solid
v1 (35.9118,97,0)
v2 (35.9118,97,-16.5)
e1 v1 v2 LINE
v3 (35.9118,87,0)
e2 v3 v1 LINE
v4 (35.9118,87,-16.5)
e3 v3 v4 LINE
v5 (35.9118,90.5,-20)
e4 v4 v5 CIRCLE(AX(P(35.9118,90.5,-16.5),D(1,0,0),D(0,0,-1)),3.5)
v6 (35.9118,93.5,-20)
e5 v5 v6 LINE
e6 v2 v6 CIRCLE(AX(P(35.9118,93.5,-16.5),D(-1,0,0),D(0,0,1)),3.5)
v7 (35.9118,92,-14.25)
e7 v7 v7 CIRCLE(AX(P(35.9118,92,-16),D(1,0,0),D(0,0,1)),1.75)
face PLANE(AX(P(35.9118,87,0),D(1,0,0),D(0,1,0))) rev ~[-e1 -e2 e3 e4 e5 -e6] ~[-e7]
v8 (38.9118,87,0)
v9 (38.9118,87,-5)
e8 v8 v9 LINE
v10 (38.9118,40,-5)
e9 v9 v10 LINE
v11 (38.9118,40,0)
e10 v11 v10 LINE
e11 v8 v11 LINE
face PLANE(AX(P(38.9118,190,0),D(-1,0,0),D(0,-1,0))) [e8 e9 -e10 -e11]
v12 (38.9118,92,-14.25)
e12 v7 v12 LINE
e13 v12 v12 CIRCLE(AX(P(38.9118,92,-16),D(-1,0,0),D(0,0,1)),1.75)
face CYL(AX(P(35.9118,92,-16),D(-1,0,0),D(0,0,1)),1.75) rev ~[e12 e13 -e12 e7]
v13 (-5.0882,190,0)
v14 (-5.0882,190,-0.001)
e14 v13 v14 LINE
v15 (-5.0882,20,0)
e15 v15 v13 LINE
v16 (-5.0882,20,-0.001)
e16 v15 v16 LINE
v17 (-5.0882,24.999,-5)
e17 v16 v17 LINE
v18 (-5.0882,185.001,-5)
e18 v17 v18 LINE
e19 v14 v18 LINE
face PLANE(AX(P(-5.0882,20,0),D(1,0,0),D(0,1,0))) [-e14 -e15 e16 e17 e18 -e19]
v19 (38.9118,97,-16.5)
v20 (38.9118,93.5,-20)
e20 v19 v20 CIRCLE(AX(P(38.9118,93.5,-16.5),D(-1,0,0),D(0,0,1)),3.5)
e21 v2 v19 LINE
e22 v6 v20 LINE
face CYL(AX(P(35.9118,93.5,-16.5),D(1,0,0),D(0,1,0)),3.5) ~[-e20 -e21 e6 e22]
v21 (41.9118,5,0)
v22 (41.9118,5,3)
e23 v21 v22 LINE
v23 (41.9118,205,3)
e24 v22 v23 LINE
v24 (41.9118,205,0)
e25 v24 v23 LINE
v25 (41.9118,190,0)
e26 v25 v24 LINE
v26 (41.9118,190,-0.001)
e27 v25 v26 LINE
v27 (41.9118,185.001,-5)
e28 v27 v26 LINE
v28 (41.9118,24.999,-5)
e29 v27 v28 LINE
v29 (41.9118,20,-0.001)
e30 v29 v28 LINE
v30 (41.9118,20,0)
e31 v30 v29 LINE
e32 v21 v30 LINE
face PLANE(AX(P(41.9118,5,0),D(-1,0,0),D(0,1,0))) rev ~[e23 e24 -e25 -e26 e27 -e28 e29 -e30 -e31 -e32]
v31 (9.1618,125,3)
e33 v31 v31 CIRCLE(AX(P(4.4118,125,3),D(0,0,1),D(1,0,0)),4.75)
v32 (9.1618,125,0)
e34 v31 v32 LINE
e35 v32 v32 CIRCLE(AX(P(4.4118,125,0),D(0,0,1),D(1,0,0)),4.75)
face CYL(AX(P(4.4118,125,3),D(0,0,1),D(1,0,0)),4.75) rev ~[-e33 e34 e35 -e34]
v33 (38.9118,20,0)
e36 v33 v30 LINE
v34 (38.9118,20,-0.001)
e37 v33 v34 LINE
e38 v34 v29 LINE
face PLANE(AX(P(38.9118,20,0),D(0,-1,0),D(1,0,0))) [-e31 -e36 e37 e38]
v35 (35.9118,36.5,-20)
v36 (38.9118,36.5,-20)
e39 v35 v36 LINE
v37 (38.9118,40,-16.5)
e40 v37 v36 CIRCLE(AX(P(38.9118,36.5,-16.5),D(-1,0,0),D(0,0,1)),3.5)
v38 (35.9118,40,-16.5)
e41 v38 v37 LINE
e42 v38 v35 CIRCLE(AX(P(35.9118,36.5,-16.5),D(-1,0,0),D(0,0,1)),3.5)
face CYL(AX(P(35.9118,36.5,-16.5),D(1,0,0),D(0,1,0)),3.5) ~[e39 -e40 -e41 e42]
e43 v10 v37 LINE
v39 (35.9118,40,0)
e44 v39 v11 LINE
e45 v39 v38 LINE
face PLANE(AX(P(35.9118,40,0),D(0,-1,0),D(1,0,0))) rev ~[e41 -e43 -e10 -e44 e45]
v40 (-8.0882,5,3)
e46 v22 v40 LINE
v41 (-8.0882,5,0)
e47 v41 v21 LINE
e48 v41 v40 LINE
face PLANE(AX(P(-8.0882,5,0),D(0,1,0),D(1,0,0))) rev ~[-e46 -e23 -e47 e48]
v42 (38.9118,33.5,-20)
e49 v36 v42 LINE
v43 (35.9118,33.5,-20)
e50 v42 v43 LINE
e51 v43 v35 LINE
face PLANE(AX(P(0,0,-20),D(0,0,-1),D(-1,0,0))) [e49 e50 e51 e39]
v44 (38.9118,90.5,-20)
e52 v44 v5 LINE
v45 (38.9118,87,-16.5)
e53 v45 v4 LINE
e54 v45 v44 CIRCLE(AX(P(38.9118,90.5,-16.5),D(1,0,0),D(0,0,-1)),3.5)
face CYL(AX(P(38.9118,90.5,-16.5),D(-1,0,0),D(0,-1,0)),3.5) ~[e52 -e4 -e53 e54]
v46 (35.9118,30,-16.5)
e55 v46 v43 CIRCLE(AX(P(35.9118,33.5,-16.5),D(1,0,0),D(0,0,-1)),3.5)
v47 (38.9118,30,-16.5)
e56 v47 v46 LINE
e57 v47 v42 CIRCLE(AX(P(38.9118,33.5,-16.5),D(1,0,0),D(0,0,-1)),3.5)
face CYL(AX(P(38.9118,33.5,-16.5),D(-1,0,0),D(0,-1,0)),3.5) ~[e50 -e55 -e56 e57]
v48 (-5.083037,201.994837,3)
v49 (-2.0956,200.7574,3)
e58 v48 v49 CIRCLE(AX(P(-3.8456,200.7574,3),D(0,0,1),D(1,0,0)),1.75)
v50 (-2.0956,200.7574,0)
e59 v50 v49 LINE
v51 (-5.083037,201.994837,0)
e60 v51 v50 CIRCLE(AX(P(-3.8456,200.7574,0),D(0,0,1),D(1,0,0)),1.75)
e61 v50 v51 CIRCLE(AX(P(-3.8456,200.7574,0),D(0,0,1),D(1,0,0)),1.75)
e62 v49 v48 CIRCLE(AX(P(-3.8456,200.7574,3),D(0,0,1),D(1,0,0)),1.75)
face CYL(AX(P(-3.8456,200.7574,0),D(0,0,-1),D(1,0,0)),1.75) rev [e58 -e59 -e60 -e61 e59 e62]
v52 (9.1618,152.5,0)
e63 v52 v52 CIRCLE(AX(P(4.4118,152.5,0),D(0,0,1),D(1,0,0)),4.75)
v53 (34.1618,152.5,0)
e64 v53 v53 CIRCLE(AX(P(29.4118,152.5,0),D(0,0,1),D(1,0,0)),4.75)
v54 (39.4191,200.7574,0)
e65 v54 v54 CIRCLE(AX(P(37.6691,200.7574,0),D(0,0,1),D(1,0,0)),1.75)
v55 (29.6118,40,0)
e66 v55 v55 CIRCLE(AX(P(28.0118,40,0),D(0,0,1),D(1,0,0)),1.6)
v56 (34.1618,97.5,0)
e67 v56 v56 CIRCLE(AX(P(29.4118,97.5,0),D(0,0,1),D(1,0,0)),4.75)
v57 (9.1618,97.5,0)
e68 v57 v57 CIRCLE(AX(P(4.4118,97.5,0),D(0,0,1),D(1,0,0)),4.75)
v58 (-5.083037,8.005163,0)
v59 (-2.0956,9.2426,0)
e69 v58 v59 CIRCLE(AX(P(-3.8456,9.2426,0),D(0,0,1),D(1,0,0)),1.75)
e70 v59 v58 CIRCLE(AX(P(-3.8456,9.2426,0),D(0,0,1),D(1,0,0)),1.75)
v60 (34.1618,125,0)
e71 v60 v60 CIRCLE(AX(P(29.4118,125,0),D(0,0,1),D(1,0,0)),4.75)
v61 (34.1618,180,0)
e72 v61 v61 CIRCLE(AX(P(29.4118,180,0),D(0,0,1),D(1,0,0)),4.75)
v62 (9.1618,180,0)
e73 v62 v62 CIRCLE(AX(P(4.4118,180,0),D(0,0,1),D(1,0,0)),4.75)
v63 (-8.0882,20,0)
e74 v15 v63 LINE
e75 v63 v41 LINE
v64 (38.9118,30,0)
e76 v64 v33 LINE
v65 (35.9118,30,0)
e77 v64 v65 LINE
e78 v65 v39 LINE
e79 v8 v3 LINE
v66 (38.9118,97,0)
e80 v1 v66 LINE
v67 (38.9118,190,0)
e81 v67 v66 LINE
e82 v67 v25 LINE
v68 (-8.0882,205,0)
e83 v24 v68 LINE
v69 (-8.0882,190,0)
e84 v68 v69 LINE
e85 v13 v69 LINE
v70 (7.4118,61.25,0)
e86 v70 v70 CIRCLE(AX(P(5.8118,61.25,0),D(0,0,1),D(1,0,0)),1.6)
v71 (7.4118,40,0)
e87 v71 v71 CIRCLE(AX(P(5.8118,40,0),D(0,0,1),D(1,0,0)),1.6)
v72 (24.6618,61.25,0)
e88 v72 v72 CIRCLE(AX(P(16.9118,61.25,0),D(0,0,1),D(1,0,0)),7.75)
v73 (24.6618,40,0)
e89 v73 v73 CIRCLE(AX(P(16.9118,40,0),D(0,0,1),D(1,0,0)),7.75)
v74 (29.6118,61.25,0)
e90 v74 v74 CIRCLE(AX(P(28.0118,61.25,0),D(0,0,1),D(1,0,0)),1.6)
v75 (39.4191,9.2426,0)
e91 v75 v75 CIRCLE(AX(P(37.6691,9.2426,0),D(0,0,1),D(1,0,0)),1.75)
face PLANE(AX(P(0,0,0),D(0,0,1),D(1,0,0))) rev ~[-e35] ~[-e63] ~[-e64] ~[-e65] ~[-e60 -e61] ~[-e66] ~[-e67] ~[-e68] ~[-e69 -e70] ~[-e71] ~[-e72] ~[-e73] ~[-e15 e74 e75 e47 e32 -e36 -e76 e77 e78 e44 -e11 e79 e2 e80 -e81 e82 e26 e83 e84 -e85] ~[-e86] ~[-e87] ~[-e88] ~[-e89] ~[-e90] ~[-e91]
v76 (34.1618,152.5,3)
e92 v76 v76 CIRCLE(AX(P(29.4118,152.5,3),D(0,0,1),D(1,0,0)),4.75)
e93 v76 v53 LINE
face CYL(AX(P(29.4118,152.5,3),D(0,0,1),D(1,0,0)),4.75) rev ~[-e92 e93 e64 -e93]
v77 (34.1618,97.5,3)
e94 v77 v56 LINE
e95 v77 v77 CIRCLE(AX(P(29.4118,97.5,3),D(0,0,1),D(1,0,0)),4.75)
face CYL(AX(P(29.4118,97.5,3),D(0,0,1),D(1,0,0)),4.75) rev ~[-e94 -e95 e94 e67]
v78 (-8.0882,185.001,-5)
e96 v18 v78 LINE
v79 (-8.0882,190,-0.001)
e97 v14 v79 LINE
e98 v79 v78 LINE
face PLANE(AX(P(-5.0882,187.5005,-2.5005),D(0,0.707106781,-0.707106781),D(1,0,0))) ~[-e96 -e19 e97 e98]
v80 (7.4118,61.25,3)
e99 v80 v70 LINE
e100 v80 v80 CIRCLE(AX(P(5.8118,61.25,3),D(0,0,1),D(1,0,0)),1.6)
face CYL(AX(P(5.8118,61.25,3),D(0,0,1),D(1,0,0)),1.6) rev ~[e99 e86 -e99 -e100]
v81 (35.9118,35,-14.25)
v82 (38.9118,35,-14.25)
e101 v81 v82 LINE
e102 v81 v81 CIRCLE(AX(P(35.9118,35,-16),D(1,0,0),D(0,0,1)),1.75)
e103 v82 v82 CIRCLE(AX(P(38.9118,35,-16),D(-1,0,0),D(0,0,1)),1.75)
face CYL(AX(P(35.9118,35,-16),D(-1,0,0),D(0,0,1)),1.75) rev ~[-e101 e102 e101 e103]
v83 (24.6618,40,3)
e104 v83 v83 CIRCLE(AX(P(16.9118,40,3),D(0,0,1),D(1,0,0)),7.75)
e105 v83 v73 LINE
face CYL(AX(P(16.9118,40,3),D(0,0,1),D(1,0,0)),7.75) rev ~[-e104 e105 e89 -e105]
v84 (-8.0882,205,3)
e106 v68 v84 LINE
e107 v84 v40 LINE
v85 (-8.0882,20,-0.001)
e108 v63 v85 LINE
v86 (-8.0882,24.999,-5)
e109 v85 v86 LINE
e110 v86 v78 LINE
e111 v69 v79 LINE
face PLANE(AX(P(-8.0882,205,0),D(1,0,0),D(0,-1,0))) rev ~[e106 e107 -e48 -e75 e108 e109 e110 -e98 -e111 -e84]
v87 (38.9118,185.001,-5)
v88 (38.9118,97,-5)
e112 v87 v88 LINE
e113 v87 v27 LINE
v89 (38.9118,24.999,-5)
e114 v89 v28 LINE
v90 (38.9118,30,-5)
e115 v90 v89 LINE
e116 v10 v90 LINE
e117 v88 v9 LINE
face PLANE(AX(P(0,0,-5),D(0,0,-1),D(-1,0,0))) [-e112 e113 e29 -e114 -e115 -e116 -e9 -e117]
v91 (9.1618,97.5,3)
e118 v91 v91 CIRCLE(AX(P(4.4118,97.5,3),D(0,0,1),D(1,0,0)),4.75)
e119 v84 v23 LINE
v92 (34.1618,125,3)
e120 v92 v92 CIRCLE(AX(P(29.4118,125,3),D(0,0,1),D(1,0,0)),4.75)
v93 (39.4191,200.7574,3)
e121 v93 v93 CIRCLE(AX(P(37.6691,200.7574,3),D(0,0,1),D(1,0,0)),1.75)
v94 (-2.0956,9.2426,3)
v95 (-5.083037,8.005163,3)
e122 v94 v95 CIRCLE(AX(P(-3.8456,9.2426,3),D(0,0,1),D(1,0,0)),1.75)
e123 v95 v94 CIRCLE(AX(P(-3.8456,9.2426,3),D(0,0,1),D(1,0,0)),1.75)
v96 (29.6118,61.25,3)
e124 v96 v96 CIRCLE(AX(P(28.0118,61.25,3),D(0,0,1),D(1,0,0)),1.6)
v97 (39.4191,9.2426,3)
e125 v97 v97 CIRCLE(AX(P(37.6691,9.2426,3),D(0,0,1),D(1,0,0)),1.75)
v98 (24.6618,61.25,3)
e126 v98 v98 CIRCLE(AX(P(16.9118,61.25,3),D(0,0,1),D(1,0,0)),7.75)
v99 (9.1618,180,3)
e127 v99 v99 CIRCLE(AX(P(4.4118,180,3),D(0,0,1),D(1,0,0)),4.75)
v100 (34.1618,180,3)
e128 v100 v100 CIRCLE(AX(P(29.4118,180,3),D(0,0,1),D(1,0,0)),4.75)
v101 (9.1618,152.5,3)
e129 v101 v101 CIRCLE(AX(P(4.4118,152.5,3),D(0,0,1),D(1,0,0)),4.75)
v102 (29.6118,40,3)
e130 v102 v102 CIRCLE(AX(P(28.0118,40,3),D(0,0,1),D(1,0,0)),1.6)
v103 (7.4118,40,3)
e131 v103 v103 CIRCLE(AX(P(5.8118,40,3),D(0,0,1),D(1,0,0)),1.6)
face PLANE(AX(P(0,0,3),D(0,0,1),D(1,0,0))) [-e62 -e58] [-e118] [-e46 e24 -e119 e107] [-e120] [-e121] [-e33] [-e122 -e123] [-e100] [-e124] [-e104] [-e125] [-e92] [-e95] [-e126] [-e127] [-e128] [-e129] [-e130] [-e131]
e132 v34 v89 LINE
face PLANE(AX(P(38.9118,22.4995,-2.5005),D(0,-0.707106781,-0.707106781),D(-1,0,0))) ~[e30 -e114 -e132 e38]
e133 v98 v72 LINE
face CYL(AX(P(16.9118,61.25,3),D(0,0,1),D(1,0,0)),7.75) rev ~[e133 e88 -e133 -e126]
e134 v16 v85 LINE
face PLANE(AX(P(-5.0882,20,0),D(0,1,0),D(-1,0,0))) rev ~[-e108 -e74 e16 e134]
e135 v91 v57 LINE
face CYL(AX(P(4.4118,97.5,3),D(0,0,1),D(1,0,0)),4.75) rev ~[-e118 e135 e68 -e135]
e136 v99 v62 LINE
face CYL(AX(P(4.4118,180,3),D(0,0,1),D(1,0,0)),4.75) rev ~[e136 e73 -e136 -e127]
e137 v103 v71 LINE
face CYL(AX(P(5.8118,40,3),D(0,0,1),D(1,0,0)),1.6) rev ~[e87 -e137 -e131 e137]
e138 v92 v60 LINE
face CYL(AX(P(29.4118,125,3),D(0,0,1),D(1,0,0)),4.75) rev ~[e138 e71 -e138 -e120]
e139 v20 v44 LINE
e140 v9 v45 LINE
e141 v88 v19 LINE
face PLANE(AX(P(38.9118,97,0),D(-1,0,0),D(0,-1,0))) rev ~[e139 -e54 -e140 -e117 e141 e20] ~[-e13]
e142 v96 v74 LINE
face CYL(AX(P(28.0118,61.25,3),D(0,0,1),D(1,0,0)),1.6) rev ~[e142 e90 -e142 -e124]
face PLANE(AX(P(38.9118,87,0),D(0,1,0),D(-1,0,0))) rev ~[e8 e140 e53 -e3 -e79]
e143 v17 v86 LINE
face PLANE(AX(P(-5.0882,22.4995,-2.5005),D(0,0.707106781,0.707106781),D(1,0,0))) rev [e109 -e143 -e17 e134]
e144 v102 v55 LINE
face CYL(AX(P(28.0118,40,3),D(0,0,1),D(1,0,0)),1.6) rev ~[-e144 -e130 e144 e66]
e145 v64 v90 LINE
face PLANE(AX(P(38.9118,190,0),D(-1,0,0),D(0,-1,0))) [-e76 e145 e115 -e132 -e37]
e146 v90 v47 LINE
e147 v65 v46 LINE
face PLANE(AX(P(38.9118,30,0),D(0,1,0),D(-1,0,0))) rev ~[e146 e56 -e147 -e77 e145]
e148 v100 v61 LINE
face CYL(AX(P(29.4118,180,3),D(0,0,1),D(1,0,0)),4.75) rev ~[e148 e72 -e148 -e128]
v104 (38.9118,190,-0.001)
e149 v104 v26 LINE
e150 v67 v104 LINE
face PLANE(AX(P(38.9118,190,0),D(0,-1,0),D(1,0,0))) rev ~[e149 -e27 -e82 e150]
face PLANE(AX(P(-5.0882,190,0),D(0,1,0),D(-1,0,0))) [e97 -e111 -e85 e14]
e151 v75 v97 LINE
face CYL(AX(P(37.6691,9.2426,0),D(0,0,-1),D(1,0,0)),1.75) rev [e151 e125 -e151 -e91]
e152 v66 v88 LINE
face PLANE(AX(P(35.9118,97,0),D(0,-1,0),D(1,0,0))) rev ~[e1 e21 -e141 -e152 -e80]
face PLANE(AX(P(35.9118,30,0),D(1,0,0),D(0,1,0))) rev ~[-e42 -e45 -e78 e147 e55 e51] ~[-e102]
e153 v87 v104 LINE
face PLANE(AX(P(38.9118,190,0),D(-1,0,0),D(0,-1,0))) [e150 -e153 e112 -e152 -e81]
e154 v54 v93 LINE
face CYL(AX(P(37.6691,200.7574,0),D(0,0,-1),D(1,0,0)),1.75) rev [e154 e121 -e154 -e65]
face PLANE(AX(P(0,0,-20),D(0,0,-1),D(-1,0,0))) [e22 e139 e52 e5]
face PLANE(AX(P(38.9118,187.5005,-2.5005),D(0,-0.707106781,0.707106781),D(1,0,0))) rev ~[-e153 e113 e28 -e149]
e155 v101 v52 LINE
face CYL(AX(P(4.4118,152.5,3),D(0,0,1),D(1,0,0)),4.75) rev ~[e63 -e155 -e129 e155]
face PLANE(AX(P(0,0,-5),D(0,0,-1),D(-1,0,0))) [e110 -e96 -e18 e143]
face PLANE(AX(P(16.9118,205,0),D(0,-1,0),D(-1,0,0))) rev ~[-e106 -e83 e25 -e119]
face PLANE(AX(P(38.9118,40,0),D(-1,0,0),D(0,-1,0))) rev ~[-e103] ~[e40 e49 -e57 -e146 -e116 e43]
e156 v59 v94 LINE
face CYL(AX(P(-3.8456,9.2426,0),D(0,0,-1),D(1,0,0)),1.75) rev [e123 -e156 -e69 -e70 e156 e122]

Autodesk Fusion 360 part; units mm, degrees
sketch "Sketch1" plane through (0, 0, 0) normal (0, 0, 1) x (1, 0, 0)
  line L0 (-8.0882, 5) -> (41.9118, 5)
  line L1 (41.9118, 5) -> (41.9118, 205)
  line L2 (41.9118, 205) -> (-8.0882, 205)
  line L3 (-8.0882, 205) -> (-8.0882, 5)
  line L4 (-8.0882, 205) -> (-3.8456, 200.7574)
  line L5 (-8.0882, 205) -> (6, 205) construction
  line L6 (-8.0882, 5) -> (-3.8456, 9.2426)
  line L7 (-8.0882, 5) -> (6, 5) construction
  line L8 (16.9118, 205) -> (16.9118, 5)
  circle A0 centre (-3.8456, 200.7574) radius 1.75
  circle A1 centre (-3.8456, 9.2426) radius 1.75
  circle A2 centre (37.6691, 200.7574) radius 1.75
  circle A3 centre (37.6691, 9.2426) radius 1.75
  dimension "d1" = 200
  dimension "d2" = 50
  dimension "d3" = 6
  dimension "d4" = 45
  dimension "d5" = 45
  dimension "d6" = 6
  dimension "d7" = 3.5
  dimension "d8" = 3.5
extrude "Extrude1" add sketch "Sketch1" along normal blind 3
sketch "Sketch2" plane through (0, 0, 3) normal (0, 0, 1) x (1, 0, 0)
  circle A0 centre (-3.8456, 200.7574) radius 1.75
  circle A1 centre (37.6691, 9.2426) radius 1.75
  circle A2 centre (-3.8456, 9.2426) radius 1.75
  circle A3 centre (37.6691, 200.7574) radius 1.75
  line L0 (-8.0882, 205) -> (-8.0882, 5)
  line L1 (-8.0882, 5) -> (41.9118, 5)
  line L2 (41.9118, 5) -> (41.9118, 205)
  line L3 (41.9118, 205) -> (-8.0882, 205)
  line L4 (41.9118, 5) -> (29.4118, 5)
  line L5 (29.4118, 205) -> (41.9118, 205)
  line L6 (41.9118, 205) -> (41.9118, 5)
  line L7 (-8.0882, 5) -> (4.4118, 5)
  line L8 (4.4118, 205) -> (-8.0882, 205)
  line L9 (-8.0882, 205) -> (-8.0882, 5)
  line L10 (-8.0882, 205) -> (-8.0882, 180)
  line L11 (-8.0882, 5) -> (-8.0882, 30)
  circle A4 centre (4.4118, 180) radius 4.75
  circle A5 centre (4.4118, 152.5) radius 4.75
  circle A6 centre (4.4118, 125) radius 4.75
  circle A7 centre (4.4118, 97.5) radius 4.75
  circle A8 centre (29.4118, 152.5) radius 4.75
  circle A9 centre (29.4118, 125) radius 4.75
  circle A10 centre (29.4118, 180) radius 4.75
  circle A11 centre (29.4118, 97.5) radius 4.75
  circle A12 centre (16.9118, 61.25) radius 7.75
  circle A13 centre (5.8118, 61.25) radius 1.6
  circle A14 centre (28.0118, 61.25) radius 1.6
  line L12 (16.9118, 50.625) -> (-8.0882, 50.625)
  line L13 (-8.0882, 50.625) -> (41.9118, 50.625)
  circle A15 centre (16.9118, 40) radius 7.75
  circle A16 centre (28.0118, 40) radius 1.6
  circle A17 centre (5.8118, 40) radius 1.6
  point P0 (28.0118, 40)
  point P1 (5.8118, 40)
  dimension "d11" = 12.5
  dimension "d12" = 200
  dimension "d13" = 12.5
  dimension "d14" = 200
  dimension "d15" = 9.5
  dimension "d17" = 27.5
  dimension "d18" = 9.5
  dimension "d19" = 27.5
  dimension "d20" = 9.5
  dimension "d21" = 27.5
  dimension "d22" = 9.5
  dimension "d23" = 92.5
  dimension "d25" = 15.5
  dimension "d26" = 11.1
  dimension "d27" = 3.2
extrude "Extrude2" cut sketch "Sketch2" against normal blind 3 contours A4 | A5 | A6 | A7 | A8 | A9 | A10 | A11 | A12 | A13 | A14
sketch "Sketch3" plane through (0, 0, 0) normal (0, 0, -1) x (-1, 0, 0)
  circle A0 centre (-4.4118, 152.5) radius 4.75
  circle A1 centre (-29.4118, 97.5) radius 4.75
  circle A2 centre (-16.9118, 61.25) radius 7.75
  circle A3 centre (-4.4118, 97.5) radius 4.75
  circle A4 centre (-29.4118, 152.5) radius 4.75
  circle A5 centre (-4.4118, 180) radius 4.75
  circle A6 centre (-29.4118, 125) radius 4.75
  circle A7 centre (-28.0118, 61.25) radius 1.6
  circle A8 centre (-5.8118, 61.25) radius 1.6
  circle A9 centre (-4.4118, 125) radius 4.75
  circle A10 centre (-29.4118, 180) radius 4.75
  circle A11 centre (3.8456, 200.7574) radius 1.75
  circle A12 centre (-37.6691, 9.2426) radius 1.75
  circle A13 centre (3.8456, 9.2426) radius 1.75
  circle A14 centre (-37.6691, 200.7574) radius 1.75
  line L0 (8.0882, 5) -> (8.0882, 205)
  line L1 (8.0882, 205) -> (-41.9118, 205)
  line L2 (-41.9118, 205) -> (-41.9118, 5)
  line L3 (-41.9118, 5) -> (8.0882, 5)
  line L4 (-41.9118, 205) -> (-38.9118, 205)
  line L5 (-38.9118, 205) -> (-38.9118, 190)
  line L6 (-38.9118, 190) -> (-41.9118, 190)
  line L7 (-41.9118, 190) -> (-41.9118, 205)
  line L8 (-16.9118, 205) -> (-16.9118, 5)
  line L9 (8.0882, 205) -> (5.0882, 205)
  line L10 (5.0882, 205) -> (5.0882, 190)
  line L11 (5.0882, 190) -> (8.0882, 190)
  line L12 (8.0882, 190) -> (8.0882, 205)
  line L13 (-41.9118, 5) -> (-38.9118, 5)
  line L14 (-38.9118, 5) -> (-38.9118, 20)
  line L15 (-38.9118, 20) -> (-41.9118, 20)
  line L16 (-41.9118, 20) -> (-41.9118, 5)
  line L17 (8.0882, 5) -> (5.0882, 5)
  line L18 (5.0882, 5) -> (5.0882, 20)
  line L19 (5.0882, 20) -> (8.0882, 20)
  line L20 (8.0882, 20) -> (8.0882, 5)
  line L21 (-41.9118, 190) -> (-38.9118, 190)
  line L22 (-38.9118, 190) -> (-38.9118, 20)
  line L23 (-38.9118, 20) -> (-41.9118, 20)
  line L24 (-41.9118, 20) -> (-41.9118, 190)
  line L25 (5.0882, 190) -> (8.0882, 190)
  line L26 (8.0882, 190) -> (8.0882, 20)
  line L27 (8.0882, 20) -> (5.0882, 20)
  line L28 (5.0882, 20) -> (5.0882, 190)
  dimension "d30" = 3
  dimension "d31" = 15
  dimension "d32" = 3
  dimension "d33" = 15
  dimension "d34" = 3
  dimension "d35" = 15
  dimension "d36" = 3
  dimension "d37" = 15
extrude "Extrude3" add sketch "Sketch3" along normal blind 5 contours L0 L11 L19 L25 L26 L27 L28 | L2 L6 L15 L21 L22 L23 L24
sketch "Sketch4" plane through (0, 0, 0) normal (0, 0, -1) x (-1, 0, 0)
  circle A0 centre (-37.6691, 200.7574) radius 1.75
  circle A1 centre (3.8456, 9.2426) radius 1.75
  circle A2 centre (-37.6691, 9.2426) radius 1.75
  circle A3 centre (3.8456, 200.7574) radius 1.75
  circle A4 centre (-29.4118, 180) radius 4.75
  circle A5 centre (-4.4118, 125) radius 4.75
  circle A6 centre (-5.8118, 61.25) radius 1.6
  circle A7 centre (-28.0118, 61.25) radius 1.6
  circle A8 centre (-29.4118, 125) radius 4.75
  circle A9 centre (-4.4118, 180) radius 4.75
  circle A10 centre (-29.4118, 152.5) radius 4.75
  circle A11 centre (-4.4118, 97.5) radius 4.75
  circle A12 centre (-16.9118, 61.25) radius 7.75
  circle A13 centre (-29.4118, 97.5) radius 4.75
  circle A14 centre (-4.4118, 152.5) radius 4.75
  line L0 (-41.9118, 190) -> (-38.9118, 190)
  line L1 (-38.9118, 190) -> (-38.9118, 20)
  line L2 (-38.9118, 20) -> (-41.9118, 20)
  line L3 (-41.9118, 20) -> (-41.9118, 5)
  line L4 (-41.9118, 5) -> (8.0882, 5)
  line L5 (8.0882, 5) -> (8.0882, 20)
  line L6 (8.0882, 20) -> (5.0882, 20)
  line L7 (5.0882, 20) -> (5.0882, 190)
  line L8 (5.0882, 190) -> (8.0882, 190)
  line L9 (8.0882, 190) -> (8.0882, 205)
  line L10 (8.0882, 205) -> (-41.9118, 205)
  line L11 (-41.9118, 205) -> (-41.9118, 190)
  line L12 (-38.9118, 20) -> (-38.9118, 30)
  line L13 (-38.9118, 30) -> (-35.9118, 30)
  line L14 (-35.9118, 30) -> (-35.9118, 40)
  line L15 (-35.9118, 40) -> (-38.9118, 40)
  line L16 (-38.9118, 40) -> (-38.9118, 30)
  line L17 (-38.9118, 40) -> (-38.9118, 87)
  line L18 (-38.9118, 87) -> (-35.9118, 87)
  line L19 (-35.9118, 87) -> (-35.9118, 97)
  line L20 (-35.9118, 97) -> (-38.9118, 97)
  line L21 (-38.9118, 97) -> (-38.9118, 87)
  dimension "d40" = 3
  dimension "d41" = 10
  dimension "d42" = 47
  dimension "d43" = 3
  dimension "d44" = 10
extrude "Extrude4" add sketch "Sketch4" along normal blind 20 contours L1 L18 L19 L20 L21 | L1 L13 L14 L15 L16
fillet "Fillet1" radius 3.5 4 edges at (37.4118, 87, -20) (37.4118, 97, -20) (37.4118, 30, -20) (37.4118, 40, -20)
chamfer "Chamfer1" distance 5 angle 45 2 edges at (40.4118, 20, -5) (-6.5882, 20, -5)
chamfer "Chamfer2" distance 5 angle 45 2 edges at (-6.5882, 190, -5) (40.4118, 190, -5)
sketch "Sketch5" plane through (35.9118, 0, 0) normal (-1, 0, 0) x (0, 0, 1)
  arc A0 (-16.5, 97) -> (-20, 93.5) centre (-16.5, 93.5) ccw
  line L0 (-20, 93.5) -> (-20, 90.5)
  arc A1 (-20, 90.5) -> (-16.5, 87) centre (-16.5, 90.5) ccw
  line L1 (-16.5, 87) -> (0, 87)
  line L2 (0, 87) -> (0, 97)
  line L3 (0, 97) -> (-16.5, 97)
  line L4 (-20, 92) -> (-16, 92)
  circle A2 centre (-16, 92) radius 1.75
  line L5 (-20, 35) -> (-16, 35)
  circle A3 centre (-16, 35) radius 1.75
  dimension "d50" = 4
  dimension "d51" = 3.5
  dimension "d52" = 3.5
extrude "Extrude5" cut sketch "Sketch5" against normal blind 5 contours A2 | A3
extrude "Extrude6" cut sketch "Sketch2" against normal blind 3 contours A15
extrude "Extrude7" cut sketch "Sketch2" against normal blind 3 contours A16 | A17
